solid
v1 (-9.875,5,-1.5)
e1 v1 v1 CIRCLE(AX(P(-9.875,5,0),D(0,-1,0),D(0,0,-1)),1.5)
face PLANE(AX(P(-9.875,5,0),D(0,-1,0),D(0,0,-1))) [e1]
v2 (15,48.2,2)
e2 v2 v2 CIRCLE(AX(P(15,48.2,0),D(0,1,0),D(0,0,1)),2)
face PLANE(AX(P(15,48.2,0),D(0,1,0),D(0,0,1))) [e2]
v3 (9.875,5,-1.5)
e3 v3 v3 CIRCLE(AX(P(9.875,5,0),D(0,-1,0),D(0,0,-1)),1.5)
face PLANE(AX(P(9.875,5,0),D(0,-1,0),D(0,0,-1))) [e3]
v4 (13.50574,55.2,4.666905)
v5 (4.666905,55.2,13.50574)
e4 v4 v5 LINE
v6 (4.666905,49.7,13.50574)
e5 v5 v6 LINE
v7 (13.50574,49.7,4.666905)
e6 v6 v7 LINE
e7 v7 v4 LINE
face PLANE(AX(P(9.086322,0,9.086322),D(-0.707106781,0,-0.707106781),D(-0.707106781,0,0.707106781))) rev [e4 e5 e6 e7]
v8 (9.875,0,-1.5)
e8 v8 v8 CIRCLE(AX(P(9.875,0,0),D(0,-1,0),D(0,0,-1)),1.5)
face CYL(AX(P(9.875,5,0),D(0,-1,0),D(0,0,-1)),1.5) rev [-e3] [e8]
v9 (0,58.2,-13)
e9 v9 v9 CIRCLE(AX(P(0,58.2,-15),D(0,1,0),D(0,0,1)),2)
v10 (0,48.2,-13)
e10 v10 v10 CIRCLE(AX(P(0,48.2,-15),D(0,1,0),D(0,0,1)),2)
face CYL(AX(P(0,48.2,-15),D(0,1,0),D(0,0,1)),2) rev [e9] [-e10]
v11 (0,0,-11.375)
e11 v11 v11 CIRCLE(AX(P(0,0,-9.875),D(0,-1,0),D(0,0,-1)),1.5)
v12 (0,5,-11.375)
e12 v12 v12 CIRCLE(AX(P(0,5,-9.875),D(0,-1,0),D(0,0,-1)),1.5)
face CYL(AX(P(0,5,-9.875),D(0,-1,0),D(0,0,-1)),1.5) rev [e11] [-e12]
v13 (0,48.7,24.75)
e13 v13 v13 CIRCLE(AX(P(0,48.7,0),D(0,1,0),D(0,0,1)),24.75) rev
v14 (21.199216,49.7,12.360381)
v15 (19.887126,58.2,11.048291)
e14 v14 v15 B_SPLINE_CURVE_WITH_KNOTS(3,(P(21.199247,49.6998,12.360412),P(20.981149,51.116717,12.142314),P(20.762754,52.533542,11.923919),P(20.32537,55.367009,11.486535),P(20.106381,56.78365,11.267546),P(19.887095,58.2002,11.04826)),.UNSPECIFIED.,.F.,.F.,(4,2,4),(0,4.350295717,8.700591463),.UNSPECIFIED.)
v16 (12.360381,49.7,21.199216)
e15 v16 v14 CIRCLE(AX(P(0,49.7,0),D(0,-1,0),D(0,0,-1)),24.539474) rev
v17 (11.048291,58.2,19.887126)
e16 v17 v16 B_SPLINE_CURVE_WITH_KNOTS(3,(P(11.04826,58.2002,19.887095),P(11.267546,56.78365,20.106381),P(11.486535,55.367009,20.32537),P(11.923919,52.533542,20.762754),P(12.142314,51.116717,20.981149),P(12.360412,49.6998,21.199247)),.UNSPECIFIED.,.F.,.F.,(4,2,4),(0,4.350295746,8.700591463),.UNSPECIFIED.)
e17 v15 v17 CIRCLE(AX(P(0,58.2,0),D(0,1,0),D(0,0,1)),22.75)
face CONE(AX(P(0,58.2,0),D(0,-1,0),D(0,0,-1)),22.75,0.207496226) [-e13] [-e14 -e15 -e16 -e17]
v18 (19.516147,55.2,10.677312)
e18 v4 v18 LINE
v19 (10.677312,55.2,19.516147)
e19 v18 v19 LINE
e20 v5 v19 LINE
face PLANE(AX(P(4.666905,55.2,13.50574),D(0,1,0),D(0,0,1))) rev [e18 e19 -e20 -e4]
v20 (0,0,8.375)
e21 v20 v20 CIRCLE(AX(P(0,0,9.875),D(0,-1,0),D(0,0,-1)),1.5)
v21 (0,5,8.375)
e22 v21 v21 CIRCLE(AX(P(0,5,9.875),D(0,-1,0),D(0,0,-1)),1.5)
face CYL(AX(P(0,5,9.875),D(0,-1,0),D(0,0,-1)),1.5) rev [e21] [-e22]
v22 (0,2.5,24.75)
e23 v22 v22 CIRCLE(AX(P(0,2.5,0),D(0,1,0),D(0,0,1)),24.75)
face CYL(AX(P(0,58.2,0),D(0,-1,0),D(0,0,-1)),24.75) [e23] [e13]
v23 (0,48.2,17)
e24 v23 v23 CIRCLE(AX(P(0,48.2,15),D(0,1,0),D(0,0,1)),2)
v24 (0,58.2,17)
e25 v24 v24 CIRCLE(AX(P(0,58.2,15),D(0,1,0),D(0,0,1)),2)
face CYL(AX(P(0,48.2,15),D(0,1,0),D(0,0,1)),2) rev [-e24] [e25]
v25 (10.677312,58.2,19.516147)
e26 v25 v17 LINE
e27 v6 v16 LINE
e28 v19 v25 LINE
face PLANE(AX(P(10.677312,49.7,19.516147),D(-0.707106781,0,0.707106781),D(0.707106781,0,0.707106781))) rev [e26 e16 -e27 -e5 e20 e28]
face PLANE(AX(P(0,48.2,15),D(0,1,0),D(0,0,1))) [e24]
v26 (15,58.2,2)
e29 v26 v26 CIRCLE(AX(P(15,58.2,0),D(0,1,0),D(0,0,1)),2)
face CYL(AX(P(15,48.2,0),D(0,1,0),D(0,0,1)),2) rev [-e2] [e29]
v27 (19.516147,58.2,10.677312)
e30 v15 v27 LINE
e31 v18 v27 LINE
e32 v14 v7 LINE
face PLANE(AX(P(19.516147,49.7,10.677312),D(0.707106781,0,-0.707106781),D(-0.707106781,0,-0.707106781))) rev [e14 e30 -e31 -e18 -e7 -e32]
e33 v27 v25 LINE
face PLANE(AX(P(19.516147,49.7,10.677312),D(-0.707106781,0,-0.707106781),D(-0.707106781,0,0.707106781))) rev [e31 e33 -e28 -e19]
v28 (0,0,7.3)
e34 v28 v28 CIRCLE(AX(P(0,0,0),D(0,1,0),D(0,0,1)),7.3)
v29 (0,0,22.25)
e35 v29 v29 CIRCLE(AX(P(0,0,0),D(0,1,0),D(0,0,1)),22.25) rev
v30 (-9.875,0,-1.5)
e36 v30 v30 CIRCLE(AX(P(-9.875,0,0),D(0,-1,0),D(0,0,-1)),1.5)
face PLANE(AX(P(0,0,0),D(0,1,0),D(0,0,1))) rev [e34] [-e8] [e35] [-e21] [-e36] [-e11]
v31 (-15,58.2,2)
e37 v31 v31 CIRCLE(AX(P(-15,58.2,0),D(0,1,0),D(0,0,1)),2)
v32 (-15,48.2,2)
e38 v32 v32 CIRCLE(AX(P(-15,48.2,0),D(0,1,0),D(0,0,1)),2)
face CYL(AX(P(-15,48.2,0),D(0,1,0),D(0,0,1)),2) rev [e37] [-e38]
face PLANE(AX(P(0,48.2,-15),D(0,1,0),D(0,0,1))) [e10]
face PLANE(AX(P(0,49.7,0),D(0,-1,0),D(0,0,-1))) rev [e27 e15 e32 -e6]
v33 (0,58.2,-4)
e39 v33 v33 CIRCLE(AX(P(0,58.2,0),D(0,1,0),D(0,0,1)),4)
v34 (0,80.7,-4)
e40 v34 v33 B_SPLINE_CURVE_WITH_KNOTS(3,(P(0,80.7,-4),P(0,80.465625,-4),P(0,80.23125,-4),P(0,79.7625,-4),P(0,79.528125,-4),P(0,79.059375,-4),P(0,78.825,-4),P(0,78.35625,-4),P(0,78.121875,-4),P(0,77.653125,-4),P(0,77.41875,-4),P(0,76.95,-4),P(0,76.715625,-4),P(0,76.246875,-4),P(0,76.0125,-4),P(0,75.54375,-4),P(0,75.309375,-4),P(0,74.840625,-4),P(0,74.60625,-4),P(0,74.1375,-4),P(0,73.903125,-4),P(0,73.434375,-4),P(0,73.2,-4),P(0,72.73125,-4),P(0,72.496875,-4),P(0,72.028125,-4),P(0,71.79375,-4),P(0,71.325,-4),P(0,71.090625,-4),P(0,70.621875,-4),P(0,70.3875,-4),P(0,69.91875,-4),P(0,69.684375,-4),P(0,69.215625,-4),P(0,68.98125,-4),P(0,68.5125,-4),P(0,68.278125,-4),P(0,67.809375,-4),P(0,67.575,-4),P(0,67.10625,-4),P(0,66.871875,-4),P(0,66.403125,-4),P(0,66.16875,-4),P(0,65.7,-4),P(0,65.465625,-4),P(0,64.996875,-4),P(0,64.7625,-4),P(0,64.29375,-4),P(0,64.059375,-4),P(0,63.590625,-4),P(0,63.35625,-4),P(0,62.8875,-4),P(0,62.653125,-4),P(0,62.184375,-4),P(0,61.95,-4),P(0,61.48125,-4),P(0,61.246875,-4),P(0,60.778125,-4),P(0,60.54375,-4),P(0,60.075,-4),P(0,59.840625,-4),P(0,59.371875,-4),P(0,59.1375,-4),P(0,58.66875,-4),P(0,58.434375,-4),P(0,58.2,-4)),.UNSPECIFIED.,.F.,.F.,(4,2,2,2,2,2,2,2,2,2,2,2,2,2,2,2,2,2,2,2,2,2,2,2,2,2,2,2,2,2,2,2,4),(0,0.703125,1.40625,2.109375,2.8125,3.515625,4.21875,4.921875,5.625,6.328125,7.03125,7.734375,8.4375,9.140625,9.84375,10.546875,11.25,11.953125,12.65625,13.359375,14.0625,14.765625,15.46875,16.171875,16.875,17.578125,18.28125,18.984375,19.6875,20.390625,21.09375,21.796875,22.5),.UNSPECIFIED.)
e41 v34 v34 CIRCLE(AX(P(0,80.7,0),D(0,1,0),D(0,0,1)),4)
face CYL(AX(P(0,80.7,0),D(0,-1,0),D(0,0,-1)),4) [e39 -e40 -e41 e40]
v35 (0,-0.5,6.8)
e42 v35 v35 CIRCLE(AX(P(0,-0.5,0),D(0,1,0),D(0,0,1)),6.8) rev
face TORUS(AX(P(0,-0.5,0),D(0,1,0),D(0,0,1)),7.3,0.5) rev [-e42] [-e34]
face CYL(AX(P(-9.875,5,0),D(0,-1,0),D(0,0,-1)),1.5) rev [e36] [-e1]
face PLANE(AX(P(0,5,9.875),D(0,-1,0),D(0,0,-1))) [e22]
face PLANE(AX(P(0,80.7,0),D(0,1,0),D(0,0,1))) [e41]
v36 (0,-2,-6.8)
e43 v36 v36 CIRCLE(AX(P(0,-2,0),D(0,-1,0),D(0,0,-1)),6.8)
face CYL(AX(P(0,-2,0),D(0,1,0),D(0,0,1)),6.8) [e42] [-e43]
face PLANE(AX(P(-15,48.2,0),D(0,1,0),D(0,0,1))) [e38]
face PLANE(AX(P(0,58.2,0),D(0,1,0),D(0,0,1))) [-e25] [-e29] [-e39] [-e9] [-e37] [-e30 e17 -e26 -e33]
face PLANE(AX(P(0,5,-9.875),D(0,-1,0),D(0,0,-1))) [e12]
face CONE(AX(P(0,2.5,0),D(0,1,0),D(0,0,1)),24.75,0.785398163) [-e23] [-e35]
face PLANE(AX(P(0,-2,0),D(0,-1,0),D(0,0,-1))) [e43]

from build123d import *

# Parameters (mm, degrees)
SKETCH1_R           = 24.75
BOSS_EXTRUDE1_DEPTH = 58.2
SKETCH2_R           = 4
BOSS_EXTRUDE2_DEPTH = 22.5
CHAMFER1_SIZE       = 2.5
SKETCH3_R           = 6.8
BOSS_EXTRUDE3_DEPTH = 2
FILLET1_R           = 0.5
SKETCH4_R           = 2
CUT_EXTRUDE1_DEPTH  = 10
SKETCH5_R           = 1.5
CUT_EXTRUDE2_DEPTH  = 5
CHAMFER2_SIZE       = 9.5
CHAMFER2_SIZE2      = 2
CUT_EXTRUDE3_DEPTH  = 8.5
SKETCH7_W           = 12.5
SKETCH7_H           = 5.5
CUT_EXTRUDE4_DEPTH  = 8.5


with BuildPart() as part:
    # Sketch1 → Boss-Extrude1 (new body)
    with BuildSketch(Plane(origin=(0, 0, 0), x_dir=(1, 0, 0), z_dir=(0, 1, 0))):
        Circle(SKETCH1_R)
    extrude(amount=BOSS_EXTRUDE1_DEPTH)

    # Sketch2 → Boss-Extrude2 (add)
    with BuildSketch(Plane(origin=(0, 58.2, 0), x_dir=(1, 0, 0), z_dir=(0, 1, 0))):
        Circle(SKETCH2_R)
    extrude(amount=BOSS_EXTRUDE2_DEPTH)

    # Chamfer1
    chamfer1_edges = [part.edges().sort_by_distance(p)[0] for p in [
        (-24.75, 0, 0),
    ]]
    chamfer(chamfer1_edges, length=CHAMFER1_SIZE)

    # Sketch3 → Boss-Extrude3 (add)
    with BuildSketch(Plane.XZ):
        Circle(SKETCH3_R)
    extrude(amount=BOSS_EXTRUDE3_DEPTH)

    # Fillet1
    fillet1_edges = [part.edges().sort_by_distance(p)[0] for p in [
        (-6.8, 0, 0),
    ]]
    fillet(fillet1_edges, radius=FILLET1_R)

    # Sketch4 → Cut-Extrude1 (cut)
    with BuildSketch(Plane(origin=(0, 58.2, 0), x_dir=(1, 0, 0), z_dir=(0, 1, 0))):
        with Locations((0, 15)):
            Circle(SKETCH4_R)
        with Locations((15, 0)):
            Circle(SKETCH4_R)
        with Locations((0, -15)):
            Circle(SKETCH4_R)
        with Locations((-15, 0)):
            Circle(SKETCH4_R)
    extrude(amount=-CUT_EXTRUDE1_DEPTH, mode=Mode.SUBTRACT)

    # Sketch5 → Cut-Extrude2 (cut)
    with BuildSketch(Plane.XZ):
        with Locations((0, 9.875)):
            Circle(SKETCH5_R)
        with Locations((9.875, 0)):
            Circle(SKETCH5_R)
        with Locations((0, -9.875)):
            Circle(SKETCH5_R)
        with Locations((-9.875, 0)):
            Circle(SKETCH5_R)
    extrude(amount=-CUT_EXTRUDE2_DEPTH, mode=Mode.SUBTRACT)

    # Chamfer2
    chamfer2_edges = [part.edges().sort_by_distance(p)[0] for p in [
        (-24.75, 58.2, 0),
    ]]
    chamfer2_side = [part.faces().sort_by_distance(p)[0] for p in [
        (-24.75, 30.35, 0),
    ]]
    chamfer(chamfer2_edges, length=CHAMFER2_SIZE, length2=CHAMFER2_SIZE2, reference=chamfer2_side[0])

    # Sketch6 → Cut-Extrude3 (cut)
    with BuildSketch(Plane(origin=(0, 58.2, 0), x_dir=(1, 0, 0), z_dir=(0, 1, 0))):
        Polygon((19.516147161, -10.677312396), (10.677312396, -19.516147161), (17.748380208, -26.587214973), (26.587214973, -17.748380208), align=None)
    extrude(amount=-CUT_EXTRUDE3_DEPTH, mode=Mode.SUBTRACT)

    # Sketch7 → Cut-Extrude4 (cut)
    with BuildSketch(Plane(origin=(15.096729778, 0, 15.096729778), x_dir=(0.7071067811865476, 0, -0.7071067811865476), z_dir=(0.7071067811865476, 0, 0.7071067811865476))):
        with Locations((0, 52.45)):
            Rectangle(SKETCH7_W, SKETCH7_H)
    extrude(amount=-CUT_EXTRUDE4_DEPTH, mode=Mode.SUBTRACT)


solid = part.part
